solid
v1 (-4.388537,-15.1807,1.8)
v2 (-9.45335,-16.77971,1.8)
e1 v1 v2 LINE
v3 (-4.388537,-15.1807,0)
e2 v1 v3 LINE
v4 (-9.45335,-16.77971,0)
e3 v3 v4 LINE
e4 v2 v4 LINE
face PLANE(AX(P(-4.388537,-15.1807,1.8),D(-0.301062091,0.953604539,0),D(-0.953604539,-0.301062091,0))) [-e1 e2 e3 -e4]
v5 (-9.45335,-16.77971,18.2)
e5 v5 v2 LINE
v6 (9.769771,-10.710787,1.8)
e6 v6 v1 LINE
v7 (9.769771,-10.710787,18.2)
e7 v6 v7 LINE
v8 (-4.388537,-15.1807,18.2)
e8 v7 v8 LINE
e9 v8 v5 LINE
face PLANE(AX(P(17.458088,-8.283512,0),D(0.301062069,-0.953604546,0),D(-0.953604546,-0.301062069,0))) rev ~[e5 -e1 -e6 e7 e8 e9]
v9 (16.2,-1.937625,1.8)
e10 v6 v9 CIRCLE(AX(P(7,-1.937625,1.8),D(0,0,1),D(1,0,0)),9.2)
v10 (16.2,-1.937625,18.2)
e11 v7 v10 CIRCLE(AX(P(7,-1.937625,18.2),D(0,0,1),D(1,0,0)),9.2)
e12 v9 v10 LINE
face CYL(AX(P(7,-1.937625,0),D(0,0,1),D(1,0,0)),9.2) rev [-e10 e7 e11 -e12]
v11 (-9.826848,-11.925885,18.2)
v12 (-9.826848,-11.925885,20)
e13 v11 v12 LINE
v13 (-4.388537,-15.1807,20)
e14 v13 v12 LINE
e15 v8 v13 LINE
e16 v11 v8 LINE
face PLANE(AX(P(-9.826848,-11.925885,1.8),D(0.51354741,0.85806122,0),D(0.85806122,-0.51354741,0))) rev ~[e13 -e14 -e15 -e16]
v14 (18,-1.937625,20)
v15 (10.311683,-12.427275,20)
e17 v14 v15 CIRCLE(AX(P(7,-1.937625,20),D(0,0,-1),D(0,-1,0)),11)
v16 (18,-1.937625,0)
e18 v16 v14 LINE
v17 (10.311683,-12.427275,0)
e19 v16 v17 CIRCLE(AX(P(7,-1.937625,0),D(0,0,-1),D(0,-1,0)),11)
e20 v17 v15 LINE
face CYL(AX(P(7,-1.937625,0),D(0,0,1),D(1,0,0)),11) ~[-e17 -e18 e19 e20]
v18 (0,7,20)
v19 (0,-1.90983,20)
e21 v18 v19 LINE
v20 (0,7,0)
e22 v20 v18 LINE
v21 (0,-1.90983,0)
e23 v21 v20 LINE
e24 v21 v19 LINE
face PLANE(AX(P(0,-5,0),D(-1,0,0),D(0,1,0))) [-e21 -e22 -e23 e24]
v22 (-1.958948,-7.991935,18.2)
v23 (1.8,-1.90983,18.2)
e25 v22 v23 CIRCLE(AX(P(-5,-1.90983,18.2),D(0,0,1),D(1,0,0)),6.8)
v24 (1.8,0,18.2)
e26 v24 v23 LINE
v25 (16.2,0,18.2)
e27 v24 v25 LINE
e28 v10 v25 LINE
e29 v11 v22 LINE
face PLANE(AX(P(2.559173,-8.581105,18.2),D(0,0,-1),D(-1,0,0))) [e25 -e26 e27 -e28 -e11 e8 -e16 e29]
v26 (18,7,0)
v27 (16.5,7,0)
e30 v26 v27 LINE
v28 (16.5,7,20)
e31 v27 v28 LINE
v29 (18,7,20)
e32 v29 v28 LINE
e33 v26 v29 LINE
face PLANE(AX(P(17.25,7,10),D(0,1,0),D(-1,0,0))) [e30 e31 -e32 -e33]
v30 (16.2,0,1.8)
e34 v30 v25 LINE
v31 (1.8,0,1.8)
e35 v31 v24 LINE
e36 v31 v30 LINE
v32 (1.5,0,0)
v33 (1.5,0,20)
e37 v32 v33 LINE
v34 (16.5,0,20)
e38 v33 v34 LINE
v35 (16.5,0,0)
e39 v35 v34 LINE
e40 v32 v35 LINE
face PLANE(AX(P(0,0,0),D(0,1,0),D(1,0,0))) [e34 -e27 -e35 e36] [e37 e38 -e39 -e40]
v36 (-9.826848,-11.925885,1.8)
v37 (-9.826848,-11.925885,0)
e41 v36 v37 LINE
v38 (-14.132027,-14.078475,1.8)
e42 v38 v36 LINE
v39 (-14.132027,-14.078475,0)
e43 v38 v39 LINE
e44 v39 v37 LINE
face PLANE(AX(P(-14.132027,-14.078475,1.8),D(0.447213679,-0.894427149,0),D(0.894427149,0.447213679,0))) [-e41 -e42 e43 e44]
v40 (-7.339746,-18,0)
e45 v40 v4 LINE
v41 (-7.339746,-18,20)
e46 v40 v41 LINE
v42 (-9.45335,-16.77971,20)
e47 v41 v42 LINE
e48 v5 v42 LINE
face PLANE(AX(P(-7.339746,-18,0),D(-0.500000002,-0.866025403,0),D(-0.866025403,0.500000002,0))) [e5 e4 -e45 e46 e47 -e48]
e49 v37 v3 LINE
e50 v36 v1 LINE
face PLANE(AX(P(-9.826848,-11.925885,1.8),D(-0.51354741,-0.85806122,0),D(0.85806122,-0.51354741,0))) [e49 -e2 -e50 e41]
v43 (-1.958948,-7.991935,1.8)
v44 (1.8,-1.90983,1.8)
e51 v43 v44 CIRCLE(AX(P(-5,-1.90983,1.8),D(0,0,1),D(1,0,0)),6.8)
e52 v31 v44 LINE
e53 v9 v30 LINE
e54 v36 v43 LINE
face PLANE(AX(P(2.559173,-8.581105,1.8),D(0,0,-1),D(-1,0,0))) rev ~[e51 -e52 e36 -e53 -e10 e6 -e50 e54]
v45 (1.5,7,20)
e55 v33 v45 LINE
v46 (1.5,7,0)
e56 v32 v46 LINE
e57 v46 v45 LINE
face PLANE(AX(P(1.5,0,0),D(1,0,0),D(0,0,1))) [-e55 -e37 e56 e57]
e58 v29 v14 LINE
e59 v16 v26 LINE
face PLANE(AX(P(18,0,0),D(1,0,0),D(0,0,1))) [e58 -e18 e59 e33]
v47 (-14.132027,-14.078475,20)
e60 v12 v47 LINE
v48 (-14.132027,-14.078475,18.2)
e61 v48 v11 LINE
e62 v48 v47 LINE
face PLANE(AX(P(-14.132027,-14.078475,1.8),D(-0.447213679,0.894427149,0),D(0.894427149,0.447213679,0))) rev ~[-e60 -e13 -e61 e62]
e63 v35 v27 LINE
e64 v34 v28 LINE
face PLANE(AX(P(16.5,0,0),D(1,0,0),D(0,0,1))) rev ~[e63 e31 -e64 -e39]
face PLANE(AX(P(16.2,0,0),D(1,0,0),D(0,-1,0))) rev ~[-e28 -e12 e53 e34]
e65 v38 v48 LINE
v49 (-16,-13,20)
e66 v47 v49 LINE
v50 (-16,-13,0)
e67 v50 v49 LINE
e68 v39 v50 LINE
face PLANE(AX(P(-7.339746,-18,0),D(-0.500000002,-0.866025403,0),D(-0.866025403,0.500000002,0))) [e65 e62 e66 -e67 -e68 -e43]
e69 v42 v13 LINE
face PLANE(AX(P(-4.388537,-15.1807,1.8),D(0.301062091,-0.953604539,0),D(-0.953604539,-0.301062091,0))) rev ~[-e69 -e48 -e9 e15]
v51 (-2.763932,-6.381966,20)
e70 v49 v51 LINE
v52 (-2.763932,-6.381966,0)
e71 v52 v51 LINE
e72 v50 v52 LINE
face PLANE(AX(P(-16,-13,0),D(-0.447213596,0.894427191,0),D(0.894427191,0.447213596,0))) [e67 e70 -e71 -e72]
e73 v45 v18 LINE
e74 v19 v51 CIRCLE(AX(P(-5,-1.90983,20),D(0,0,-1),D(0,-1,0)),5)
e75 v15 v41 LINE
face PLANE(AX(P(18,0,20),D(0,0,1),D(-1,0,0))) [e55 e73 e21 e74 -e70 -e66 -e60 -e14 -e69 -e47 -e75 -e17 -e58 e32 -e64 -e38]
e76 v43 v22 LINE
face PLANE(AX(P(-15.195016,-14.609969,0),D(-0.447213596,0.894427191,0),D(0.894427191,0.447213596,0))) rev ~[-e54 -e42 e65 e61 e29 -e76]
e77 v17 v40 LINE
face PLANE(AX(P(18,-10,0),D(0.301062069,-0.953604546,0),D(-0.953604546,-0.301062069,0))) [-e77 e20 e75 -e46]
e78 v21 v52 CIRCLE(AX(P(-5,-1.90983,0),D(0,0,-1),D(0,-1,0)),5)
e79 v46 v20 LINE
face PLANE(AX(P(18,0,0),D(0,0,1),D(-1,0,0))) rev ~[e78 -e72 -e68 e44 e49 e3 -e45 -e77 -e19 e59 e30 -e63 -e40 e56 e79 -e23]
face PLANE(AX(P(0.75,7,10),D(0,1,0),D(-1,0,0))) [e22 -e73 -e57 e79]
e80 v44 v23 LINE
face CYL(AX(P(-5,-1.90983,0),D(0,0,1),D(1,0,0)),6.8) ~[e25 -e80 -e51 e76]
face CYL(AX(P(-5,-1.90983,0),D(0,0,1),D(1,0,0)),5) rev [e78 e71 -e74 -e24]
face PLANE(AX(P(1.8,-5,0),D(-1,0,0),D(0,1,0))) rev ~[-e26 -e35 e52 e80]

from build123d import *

# Parameters (mm, degrees)
PAD_DEPTH         = 20
FILLET_R          = 11
FILLET001_R       = 5
THICKNESS_T       = -1.8
SKETCH001_W       = 1.5
SKETCH001_H       = 20
PAD001_DEPTH      = 7
POCKET_DEPTH      = 1.801
POCKET_DEPTH_BACK = 18.201


with BuildPart() as part:
    # Sketch → Pad (new body)
    with BuildSketch(Plane.XY):
        Polygon((0, 0), (18, 0), (18, -10), (-7.339746, -18), (-16, -13), (0, -5), align=None)
    extrude(amount=PAD_DEPTH)

    # Fillet
    fillet_edges = [part.edges().sort_by_distance(p)[0] for p in [
        (18, -10, 10),
    ]]
    fillet(fillet_edges, radius=FILLET_R)

    # Fillet001
    fillet001_edges = [part.edges().sort_by_distance(p)[0] for p in [
        (0, -5, 10),
    ]]
    fillet(fillet001_edges, radius=FILLET001_R)

    # Thickness
    thickness_openings = [part.faces().sort_by_distance(p)[0] for p in [
        (9, 0, 10),
        (-11.669873, -15.5, 10),
    ]]
    offset(amount=THICKNESS_T, openings=thickness_openings)

    # Sketch001 → Pad001 (new body)
    with BuildSketch(Plane(origin=(0, 0, 0), x_dir=(-1, 0, 0), z_dir=(0, 1, 0))):
        with Locations((-17.25, 10)):
            Rectangle(SKETCH001_W, SKETCH001_H)
        with Locations((-0.75, 10)):
            Rectangle(SKETCH001_W, SKETCH001_H)
    extrude(amount=PAD001_DEPTH)

    # Sketch002 → Pocket (cut, two sides)
    with BuildSketch(Plane.XY.offset(1.8)) as pocket_sk:
        Polygon((-14.132027, -14.078475), (-9.826848, -11.925885), (-4.388537, -15.1807), (-9.45335, -16.77971), align=None)
    extrude(amount=-POCKET_DEPTH, mode=Mode.SUBTRACT)
    extrude(pocket_sk.sketch, amount=POCKET_DEPTH_BACK, mode=Mode.SUBTRACT)


solid = part.part
